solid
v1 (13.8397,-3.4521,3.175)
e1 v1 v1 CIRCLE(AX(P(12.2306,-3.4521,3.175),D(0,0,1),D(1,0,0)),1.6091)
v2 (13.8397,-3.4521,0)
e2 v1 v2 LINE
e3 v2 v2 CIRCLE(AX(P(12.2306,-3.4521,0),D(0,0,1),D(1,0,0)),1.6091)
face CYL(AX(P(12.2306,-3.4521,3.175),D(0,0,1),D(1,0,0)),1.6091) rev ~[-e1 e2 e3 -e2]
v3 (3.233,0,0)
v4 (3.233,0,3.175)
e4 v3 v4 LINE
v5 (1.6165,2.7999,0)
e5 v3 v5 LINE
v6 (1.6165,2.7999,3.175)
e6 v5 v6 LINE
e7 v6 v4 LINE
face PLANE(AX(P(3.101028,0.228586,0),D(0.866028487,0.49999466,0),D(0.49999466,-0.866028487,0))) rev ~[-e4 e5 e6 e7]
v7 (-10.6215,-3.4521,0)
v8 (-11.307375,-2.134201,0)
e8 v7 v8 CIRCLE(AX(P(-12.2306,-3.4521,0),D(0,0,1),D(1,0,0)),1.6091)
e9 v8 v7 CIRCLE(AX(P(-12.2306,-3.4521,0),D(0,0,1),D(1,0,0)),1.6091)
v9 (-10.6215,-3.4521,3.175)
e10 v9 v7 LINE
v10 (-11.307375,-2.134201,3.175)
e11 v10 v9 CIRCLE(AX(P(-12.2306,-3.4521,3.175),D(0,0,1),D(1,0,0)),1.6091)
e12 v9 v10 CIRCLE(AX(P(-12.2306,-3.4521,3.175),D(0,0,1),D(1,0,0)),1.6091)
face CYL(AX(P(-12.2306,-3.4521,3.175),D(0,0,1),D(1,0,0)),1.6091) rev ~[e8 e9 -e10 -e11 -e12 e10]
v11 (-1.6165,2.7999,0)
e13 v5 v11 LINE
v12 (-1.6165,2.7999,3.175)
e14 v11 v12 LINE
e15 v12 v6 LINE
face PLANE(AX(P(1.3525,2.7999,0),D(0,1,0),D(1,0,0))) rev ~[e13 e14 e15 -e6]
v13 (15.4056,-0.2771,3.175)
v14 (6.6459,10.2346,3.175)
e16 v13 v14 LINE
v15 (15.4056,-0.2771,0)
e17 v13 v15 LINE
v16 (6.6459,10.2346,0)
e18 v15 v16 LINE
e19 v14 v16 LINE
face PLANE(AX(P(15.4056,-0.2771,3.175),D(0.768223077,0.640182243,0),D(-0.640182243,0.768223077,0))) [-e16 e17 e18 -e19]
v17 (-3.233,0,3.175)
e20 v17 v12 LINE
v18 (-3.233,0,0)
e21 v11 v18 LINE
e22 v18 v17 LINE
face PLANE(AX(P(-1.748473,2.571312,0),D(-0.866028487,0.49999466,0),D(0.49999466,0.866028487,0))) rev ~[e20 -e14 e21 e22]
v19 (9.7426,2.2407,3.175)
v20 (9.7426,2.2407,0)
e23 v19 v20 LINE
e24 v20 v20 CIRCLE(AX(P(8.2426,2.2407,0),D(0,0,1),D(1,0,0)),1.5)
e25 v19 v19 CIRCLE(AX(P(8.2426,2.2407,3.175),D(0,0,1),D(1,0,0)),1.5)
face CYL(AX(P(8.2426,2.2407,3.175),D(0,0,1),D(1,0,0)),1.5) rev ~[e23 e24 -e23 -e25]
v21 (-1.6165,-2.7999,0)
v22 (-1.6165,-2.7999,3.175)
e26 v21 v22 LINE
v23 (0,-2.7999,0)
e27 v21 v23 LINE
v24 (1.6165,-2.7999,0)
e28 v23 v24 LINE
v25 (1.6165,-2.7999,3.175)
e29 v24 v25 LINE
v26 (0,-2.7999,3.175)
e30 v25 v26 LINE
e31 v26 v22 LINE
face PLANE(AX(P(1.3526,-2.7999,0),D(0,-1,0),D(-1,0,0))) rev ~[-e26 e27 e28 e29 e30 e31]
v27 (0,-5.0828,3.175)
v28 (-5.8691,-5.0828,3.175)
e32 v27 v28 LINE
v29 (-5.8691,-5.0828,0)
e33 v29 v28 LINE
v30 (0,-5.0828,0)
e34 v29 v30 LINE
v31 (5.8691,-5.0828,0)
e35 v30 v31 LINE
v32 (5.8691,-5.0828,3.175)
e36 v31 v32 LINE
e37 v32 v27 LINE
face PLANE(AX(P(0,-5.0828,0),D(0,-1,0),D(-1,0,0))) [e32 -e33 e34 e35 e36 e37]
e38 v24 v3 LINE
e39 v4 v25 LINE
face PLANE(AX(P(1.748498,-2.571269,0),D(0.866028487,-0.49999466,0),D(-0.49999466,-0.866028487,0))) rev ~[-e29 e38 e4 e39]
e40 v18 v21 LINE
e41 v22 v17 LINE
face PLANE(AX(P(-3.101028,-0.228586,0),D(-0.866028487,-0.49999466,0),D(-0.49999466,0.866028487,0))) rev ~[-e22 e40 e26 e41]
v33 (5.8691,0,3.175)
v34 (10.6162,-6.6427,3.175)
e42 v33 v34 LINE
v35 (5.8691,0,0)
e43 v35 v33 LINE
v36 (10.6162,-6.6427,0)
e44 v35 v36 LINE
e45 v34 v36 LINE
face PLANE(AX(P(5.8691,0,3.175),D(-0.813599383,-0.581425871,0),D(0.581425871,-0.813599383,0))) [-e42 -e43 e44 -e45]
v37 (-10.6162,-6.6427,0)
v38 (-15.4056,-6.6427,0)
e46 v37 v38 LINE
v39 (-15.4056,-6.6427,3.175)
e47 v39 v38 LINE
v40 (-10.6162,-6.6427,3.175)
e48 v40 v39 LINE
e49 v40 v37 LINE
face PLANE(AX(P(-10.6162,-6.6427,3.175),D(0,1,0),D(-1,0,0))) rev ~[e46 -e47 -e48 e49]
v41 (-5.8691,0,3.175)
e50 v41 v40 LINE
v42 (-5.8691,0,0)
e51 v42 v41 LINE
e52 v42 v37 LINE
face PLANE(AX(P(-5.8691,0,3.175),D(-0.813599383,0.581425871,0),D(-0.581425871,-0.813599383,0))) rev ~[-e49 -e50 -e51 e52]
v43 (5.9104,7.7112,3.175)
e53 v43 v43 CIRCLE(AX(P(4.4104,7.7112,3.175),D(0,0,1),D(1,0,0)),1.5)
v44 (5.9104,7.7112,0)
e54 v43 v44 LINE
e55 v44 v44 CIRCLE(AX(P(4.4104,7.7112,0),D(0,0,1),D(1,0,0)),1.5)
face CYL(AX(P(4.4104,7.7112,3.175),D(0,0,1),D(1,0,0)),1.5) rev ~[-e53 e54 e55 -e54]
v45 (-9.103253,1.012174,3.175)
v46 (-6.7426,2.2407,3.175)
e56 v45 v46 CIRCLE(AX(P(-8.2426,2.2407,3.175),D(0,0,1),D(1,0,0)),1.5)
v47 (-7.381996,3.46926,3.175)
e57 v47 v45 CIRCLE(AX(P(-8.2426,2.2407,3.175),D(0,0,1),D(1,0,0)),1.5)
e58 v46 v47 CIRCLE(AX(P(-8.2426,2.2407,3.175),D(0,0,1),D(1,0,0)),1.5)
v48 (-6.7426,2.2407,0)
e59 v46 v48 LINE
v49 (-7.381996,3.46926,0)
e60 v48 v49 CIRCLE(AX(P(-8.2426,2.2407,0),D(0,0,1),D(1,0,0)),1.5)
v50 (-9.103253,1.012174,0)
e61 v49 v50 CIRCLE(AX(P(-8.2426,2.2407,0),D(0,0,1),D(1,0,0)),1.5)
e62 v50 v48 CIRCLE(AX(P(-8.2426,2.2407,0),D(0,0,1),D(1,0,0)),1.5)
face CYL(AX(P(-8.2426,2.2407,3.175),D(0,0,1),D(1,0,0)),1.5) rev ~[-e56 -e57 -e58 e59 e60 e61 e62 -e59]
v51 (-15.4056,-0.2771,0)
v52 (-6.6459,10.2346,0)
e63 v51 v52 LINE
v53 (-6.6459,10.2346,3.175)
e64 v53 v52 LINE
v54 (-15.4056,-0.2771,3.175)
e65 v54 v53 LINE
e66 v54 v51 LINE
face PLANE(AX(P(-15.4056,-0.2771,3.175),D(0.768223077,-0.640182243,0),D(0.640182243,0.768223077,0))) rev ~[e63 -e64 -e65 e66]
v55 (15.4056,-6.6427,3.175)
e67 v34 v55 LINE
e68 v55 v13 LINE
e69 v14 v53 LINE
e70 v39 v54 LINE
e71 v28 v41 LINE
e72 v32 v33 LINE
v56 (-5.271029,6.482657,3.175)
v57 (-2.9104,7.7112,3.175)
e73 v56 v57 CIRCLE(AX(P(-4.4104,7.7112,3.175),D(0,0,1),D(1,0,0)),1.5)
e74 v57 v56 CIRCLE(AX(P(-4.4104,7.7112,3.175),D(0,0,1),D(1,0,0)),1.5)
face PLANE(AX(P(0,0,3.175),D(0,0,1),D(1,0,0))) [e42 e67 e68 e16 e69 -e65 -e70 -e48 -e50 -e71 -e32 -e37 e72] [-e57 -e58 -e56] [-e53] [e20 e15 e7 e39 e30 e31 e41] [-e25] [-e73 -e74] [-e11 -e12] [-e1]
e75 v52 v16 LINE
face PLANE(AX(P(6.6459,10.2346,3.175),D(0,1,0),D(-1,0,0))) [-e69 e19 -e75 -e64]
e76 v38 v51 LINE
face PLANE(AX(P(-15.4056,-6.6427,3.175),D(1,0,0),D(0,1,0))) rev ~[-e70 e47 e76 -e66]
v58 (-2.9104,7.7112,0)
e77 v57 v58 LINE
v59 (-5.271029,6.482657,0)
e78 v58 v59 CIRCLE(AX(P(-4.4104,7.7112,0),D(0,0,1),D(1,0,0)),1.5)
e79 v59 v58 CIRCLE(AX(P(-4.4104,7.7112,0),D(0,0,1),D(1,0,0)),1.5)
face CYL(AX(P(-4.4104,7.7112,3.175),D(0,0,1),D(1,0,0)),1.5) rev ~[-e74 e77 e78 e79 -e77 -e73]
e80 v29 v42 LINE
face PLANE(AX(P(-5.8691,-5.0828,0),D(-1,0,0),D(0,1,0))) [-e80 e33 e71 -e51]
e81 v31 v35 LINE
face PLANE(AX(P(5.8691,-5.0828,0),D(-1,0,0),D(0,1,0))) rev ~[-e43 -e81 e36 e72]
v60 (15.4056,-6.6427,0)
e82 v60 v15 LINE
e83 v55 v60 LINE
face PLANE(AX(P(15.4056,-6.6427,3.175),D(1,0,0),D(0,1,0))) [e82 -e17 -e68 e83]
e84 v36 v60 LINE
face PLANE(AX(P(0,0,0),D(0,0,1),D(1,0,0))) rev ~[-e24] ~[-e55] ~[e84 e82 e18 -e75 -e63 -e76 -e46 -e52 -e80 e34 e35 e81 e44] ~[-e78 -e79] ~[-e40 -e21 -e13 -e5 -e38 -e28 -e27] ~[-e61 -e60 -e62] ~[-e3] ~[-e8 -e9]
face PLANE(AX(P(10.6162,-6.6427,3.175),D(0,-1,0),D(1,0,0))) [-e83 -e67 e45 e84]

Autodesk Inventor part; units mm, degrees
ref_plane "YZ Plane" through (0, 0, 0) normal (1, 0, 0) x (0, 1, 0)
sketch "Sketch1" plane through (0, 0, 0) normal (0, 0, 1) x (1, 0, 0)
  circle A0 centre (0, 0) radius 2.2479
  circle A1 centre (-1.3525, -2.3427) radius 0.4572
  circle A2 centre (1.3526, -2.3427) radius 0.4572
  circle A3 centre (2.7051, 0) radius 0.4572
  circle A4 centre (1.3525, 2.3427) radius 0.4572
  circle A5 centre (-1.3525, 2.3427) radius 0.4572
  circle A6 centre (-2.7051, 0) radius 0.4572
  line L0 (-1.6165, -2.7999) -> (-3.233, 0)
  line L1 (-3.233, 0) -> (-1.6165, 2.7999)
  line L2 (-1.6165, 2.7999) -> (1.6165, 2.7999)
  line L3 (1.6165, 2.7999) -> (3.233, 0)
  line L4 (3.233, 0) -> (1.6165, -2.7999)
  line L5 (1.6165, -2.7999) -> (-1.6165, -2.7999)
  line L6 (0, 0) -> (0, -5.0828)
  line L7 (-5.8691, 0) -> (-2.9345, 5.0828)
  line L8 (-2.9345, 5.0828) -> (2.9345, 5.0828)
  line L9 (2.9345, 5.0828) -> (5.8691, 0)
  line L10 (2.9345, -5.0828) -> (-2.9345, -5.0828)
  line L11 (-2.9345, -5.0828) -> (-5.8691, -5.0828)
  line L12 (-5.8691, -5.0828) -> (-5.8691, 0)
  line L13 (2.9345, -5.0828) -> (5.8691, -5.0828)
  line L14 (5.8691, -5.0828) -> (5.8691, 0)
  point P0 (0, -2.2479)
  dimension "d0" = 4.4958
  dimension "d4" = 360
extrude "Extrusion1" add sketch "Sketch1" along normal blind 3.175
sketch "Sketch2" plane through (0, 0, 3.175) normal (0, 0, 1) x (1, 0, 0)
  line L0 (2.9345, 5.0828) -> (-2.9345, 5.0828) projected
  circle A0 centre (-8.2426, 2.2407) radius 1.5
  circle A1 centre (-4.4104, 7.7112) radius 1.5
  circle A2 centre (-12.2306, -3.4521) radius 1.6091
  line L1 (0, -1.718) -> (0, 5.1689)
  circle A3 centre (8.2426, 2.2407) radius 1.5
  circle A4 centre (12.2306, -3.4521) radius 1.6091
  circle A5 centre (4.4104, 7.7112) radius 1.5
  line L2 (-5.8691, 0) -> (-10.6162, -6.6427)
  line L3 (-10.6162, -6.6427) -> (-15.4056, -6.6427)
  line L4 (-15.4056, -6.6427) -> (-15.4056, -0.2771)
  line L5 (-15.4056, -0.2771) -> (-6.6459, 10.2346)
  line L6 (-6.6459, 10.2346) -> (0, 10.2346)
  line L7 (5.8691, 0) -> (10.6162, -6.6427)
  line L8 (10.6162, -6.6427) -> (15.4056, -6.6427)
  line L9 (15.4056, -6.6427) -> (15.4056, -0.2771)
  line L10 (15.4056, -0.2771) -> (6.6459, 10.2346)
  line L11 (6.6459, 10.2346) -> (0, 10.2346)
  line L12 (5.8691, 0) -> (2.9345, 5.0828) projected
  line L13 (5.8691, 0) -> (2.9345, 5.0828)
  line L14 (2.9345, 5.0828) -> (-2.9345, 5.0828)
  line L15 (5.8691, 0) -> (2.9345, 5.0828)
  line L16 (-5.8691, 0) -> (-2.9345, 5.0828)
  line L17 (-4.4104, 7.7112) -> (-12.2306, -3.4521)
  point P0 (-2.9579, 5.0828)
  dimension "d28" = 3
  dimension "d29" = 3
  dimension "d30" = 9.144
ref_plane "Work Plane2" through (-2.9345, 5.0828, 0) normal (-0.866, -0.5, 0) x (0, 0, 1)
ref_plane "Work Plane3" through (0, 0, 1.5875) normal (0, 0, 1) x (1, 0, 0)
extrude "Extrusion4" add sketch "Sketch2" against normal blind 3.175
properties part number "WireGuideBoltHols"
